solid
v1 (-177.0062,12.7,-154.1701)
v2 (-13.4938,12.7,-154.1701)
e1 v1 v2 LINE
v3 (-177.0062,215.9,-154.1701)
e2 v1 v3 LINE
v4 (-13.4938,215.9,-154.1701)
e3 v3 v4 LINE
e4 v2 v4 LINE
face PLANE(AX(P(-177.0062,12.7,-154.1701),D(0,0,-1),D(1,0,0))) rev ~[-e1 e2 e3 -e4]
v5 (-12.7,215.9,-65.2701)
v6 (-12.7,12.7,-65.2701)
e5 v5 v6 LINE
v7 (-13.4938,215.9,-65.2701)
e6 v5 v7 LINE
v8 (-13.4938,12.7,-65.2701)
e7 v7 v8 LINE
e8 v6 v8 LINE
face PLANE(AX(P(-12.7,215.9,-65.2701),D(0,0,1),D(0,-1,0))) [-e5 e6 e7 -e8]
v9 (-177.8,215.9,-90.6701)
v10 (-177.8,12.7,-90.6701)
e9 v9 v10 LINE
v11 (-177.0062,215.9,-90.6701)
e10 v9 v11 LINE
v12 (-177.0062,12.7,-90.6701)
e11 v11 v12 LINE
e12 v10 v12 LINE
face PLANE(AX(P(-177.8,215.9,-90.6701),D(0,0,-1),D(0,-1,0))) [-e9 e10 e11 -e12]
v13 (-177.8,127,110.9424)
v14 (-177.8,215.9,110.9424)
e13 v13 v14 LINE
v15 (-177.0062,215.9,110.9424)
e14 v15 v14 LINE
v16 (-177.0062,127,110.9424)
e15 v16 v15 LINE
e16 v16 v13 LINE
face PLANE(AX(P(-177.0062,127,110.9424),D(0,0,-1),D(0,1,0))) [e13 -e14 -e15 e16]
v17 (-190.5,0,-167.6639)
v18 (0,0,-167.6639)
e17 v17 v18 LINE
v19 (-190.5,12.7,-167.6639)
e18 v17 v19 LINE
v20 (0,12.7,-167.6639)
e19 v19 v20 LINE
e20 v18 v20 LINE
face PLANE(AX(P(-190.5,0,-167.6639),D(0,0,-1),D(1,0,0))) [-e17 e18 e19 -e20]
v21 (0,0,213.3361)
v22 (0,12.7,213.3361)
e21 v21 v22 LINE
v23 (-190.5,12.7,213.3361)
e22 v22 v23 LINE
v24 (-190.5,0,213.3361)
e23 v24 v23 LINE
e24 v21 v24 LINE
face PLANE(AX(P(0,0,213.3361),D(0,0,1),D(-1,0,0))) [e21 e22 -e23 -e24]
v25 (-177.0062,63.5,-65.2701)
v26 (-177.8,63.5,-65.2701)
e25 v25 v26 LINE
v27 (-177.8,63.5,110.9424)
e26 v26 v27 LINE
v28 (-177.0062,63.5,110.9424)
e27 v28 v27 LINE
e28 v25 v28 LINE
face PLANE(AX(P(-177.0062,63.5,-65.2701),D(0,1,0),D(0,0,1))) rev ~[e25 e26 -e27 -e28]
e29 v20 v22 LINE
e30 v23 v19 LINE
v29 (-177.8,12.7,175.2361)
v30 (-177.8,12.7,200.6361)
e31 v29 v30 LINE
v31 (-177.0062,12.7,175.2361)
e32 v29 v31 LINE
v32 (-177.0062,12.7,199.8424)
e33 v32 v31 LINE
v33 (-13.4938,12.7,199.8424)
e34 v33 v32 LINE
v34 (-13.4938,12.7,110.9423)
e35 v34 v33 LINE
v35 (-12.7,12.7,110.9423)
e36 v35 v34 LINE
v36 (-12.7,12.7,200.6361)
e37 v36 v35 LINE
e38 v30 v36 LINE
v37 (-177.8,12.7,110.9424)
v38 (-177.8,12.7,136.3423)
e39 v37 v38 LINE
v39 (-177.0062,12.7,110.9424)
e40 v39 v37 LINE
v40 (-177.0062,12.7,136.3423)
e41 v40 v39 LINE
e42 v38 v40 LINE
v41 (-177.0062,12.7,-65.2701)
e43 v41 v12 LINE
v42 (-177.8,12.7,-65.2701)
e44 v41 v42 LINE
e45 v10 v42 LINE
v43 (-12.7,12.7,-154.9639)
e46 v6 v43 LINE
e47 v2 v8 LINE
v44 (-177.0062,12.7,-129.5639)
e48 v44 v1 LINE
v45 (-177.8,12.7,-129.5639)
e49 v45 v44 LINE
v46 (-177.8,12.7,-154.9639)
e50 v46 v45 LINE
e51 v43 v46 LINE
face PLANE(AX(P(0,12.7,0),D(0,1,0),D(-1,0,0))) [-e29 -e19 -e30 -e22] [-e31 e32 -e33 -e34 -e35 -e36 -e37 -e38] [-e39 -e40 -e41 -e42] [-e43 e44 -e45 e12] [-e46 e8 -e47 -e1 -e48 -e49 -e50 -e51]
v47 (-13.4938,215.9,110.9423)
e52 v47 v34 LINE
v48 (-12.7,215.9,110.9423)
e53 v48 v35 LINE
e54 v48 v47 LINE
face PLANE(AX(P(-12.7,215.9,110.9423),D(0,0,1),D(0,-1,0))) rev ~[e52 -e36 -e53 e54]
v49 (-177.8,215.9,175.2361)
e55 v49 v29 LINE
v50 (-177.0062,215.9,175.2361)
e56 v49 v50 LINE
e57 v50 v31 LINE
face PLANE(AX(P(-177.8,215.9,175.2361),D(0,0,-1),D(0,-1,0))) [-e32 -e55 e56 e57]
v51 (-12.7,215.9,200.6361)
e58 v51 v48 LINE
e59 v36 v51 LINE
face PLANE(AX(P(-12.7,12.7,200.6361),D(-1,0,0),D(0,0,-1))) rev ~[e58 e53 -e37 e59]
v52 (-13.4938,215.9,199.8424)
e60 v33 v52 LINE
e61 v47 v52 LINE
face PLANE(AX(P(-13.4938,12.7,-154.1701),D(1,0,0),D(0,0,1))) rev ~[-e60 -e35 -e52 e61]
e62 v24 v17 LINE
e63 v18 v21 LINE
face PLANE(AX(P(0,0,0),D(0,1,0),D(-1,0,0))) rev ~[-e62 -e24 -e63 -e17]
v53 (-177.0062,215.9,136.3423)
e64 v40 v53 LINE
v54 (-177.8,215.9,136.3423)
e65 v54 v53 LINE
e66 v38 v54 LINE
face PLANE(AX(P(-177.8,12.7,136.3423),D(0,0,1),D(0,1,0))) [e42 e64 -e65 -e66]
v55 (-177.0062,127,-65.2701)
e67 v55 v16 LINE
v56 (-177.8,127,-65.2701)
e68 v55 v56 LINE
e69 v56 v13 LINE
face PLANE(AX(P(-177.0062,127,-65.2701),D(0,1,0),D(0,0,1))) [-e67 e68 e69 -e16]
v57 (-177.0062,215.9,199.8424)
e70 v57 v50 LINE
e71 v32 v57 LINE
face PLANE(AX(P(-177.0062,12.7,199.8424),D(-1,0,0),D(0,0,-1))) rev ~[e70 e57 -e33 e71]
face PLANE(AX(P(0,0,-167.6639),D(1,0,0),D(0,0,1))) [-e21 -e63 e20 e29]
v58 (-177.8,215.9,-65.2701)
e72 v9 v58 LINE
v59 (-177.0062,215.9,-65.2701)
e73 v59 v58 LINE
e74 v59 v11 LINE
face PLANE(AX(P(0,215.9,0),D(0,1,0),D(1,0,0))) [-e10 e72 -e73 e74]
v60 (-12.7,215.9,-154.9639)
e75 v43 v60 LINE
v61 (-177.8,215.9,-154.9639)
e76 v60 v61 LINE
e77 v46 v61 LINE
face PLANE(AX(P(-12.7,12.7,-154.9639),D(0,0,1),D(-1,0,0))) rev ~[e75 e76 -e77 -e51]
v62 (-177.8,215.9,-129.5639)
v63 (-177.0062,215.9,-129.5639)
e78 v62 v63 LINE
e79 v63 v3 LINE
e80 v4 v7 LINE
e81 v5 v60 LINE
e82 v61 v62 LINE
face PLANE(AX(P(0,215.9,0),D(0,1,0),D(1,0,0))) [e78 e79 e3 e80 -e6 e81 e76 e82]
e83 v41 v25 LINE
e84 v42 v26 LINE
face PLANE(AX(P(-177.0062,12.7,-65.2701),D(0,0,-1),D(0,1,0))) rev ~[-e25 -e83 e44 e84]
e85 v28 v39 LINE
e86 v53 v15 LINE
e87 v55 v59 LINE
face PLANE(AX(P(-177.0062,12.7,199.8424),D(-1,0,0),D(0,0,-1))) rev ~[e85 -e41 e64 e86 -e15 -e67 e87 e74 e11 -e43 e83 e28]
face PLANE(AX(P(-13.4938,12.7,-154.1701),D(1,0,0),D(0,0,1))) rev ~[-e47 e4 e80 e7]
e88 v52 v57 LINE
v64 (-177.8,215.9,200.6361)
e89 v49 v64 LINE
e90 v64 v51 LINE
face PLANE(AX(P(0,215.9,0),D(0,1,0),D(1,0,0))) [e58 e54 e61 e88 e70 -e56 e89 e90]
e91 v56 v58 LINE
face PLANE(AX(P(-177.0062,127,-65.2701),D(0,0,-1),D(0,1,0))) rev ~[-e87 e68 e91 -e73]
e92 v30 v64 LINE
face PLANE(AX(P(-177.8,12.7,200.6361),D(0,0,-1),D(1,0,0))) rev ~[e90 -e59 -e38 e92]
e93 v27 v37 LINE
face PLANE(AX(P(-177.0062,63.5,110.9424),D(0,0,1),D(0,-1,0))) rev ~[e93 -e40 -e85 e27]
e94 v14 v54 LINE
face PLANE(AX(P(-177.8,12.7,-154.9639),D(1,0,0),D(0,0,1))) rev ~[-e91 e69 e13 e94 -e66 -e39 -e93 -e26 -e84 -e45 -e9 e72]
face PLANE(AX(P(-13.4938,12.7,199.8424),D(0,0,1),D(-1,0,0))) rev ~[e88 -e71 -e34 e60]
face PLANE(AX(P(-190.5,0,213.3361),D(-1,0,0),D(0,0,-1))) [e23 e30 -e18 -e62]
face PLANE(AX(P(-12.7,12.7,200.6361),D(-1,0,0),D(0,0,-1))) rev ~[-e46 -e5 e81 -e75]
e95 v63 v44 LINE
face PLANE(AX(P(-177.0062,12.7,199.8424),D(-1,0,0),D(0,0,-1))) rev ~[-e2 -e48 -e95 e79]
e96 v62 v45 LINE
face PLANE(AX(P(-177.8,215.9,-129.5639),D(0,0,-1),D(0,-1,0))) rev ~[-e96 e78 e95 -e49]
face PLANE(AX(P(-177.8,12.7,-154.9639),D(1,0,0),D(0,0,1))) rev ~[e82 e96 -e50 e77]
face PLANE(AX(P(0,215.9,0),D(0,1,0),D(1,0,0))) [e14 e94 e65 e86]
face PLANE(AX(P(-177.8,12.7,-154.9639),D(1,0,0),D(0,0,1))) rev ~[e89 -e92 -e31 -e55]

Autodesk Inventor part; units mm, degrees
ref_plane "YZ Plane" through (0, 0, 0) normal (1, 0, 0) x (0, 1, 0)
ref_plane "XZ Plane" through (0, 0, 0) normal (0, 1, 0) x (-1, 0, 0)
ref_plane "XY Plane" through (0, 0, 0) normal (0, 0, 1) x (1, 0, 0)
sketch "Sketch1" plane through (0, 0, 0) normal (0, 1, 0) x (-1, 0, 0)
  line L0 (0, 213.3361) -> (190.5, 213.3361)
  line L1 (190.5, 213.3361) -> (190.5, -167.6639)
  line L2 (190.5, -167.6639) -> (0, -167.6639)
  line L3 (0, -167.6639) -> (0, 213.3361)
  point P0 (0, 0)
  dimension "d0" = 190.5
  dimension "d1" = 381
extrude "Extrusion1" add sketch "Sketch1" along normal blind 12.7
sketch "Sketch2" plane through (0, 12.7, 0) normal (0, 1, 0) x (1, 0, 0)
  line L0 (0, -213.3361) -> (-190.5, -213.3361)
  line L1 (-190.5, -213.3361) -> (-190.5, 167.6639)
  line L2 (-190.5, 167.6639) -> (0, 167.6639)
  line L3 (0, 167.6639) -> (0, -213.3361)
  line L4 (-177.8, 154.9639) -> (-177.8, -200.6361)
  line L5 (-177.8, -200.6361) -> (-12.7, -200.6361)
  line L6 (-12.7, -200.6361) -> (-12.7, 154.9639)
  line L7 (-12.7, 154.9639) -> (-177.8, 154.9639)
  line L8 (-177.0062, -199.8424) -> (-177.0062, 154.1701)
  line L9 (-177.0062, 154.1701) -> (-13.4938, 154.1701)
  line L10 (-13.4938, 154.1701) -> (-13.4938, -199.8424)
  line L11 (-13.4938, -199.8424) -> (-177.0062, -199.8424)
  point P0 (0, 0)
  dimension "d4" = 12.7
  dimension "d5" = 0.7937
extrude "Extrusion2" add sketch "Sketch2" along normal blind 203.2 contours L7 L6 L5 L4
sketch "Sketch3" plane through (-12.7, 12.7, 200.6361) normal (1, 0, 0) x (0, 0, -1)
  line L0 (354.8062, 203.2) -> (265.9062, 203.2)
  line L1 (265.9062, 203.2) -> (265.9062, 0)
  line L2 (265.9062, 0) -> (354.8062, 0)
  line L3 (354.8062, 0) -> (354.8062, 203.2)
  line L4 (354.8062, 0) -> (0.7938, 0) projected
  line L5 (0.7938, 203.2) -> (89.6938, 203.2)
  line L6 (89.6938, 203.2) -> (89.6938, 0)
  line L7 (89.6938, 0) -> (0.7938, 0)
  line L8 (0.7938, 0) -> (0.7938, 203.2)
  line L9 (89.6938, 203.2) -> (265.9062, 203.2)
  line L10 (265.9062, 203.2) -> (265.9062, 0)
  line L11 (265.9062, 0) -> (89.6938, 0)
  line L12 (89.6938, 0) -> (89.6938, 203.2)
  point P0 (200.6361, -12.7)
  point P1 (0, 203.2)
  dimension "d9" = 88.9
  dimension "d10" = 88.9
extrude "Extrusion3" cut sketch "Sketch3" against normal blind 50.8 contours L1 L4 L6 L9
sketch "Sketch4" plane through (-177.0062, 12.7, 199.8424) normal (1, 0, 0) x (0, 0, -1)
  line L0 (265.1125, 0) -> (265.1125, 203.2) projected
  line L1 (88.9, 0) -> (265.1125, 0)
  line L2 (265.1125, 0) -> (265.1125, 50.8)
  line L3 (265.1125, 50.8) -> (88.9, 50.8)
  line L4 (88.9, 50.8) -> (88.9, 0)
  line L5 (88.9, 203.2) -> (265.1125, 203.2)
  line L6 (265.1125, 203.2) -> (265.1125, 114.3)
  line L7 (265.1125, 114.3) -> (88.9, 114.3)
  line L8 (88.9, 114.3) -> (88.9, 203.2)
  point P0 (199.8424, -12.7)
  dimension "d13" = 50.8
  dimension "d14" = 88.9
extrude "Extrusion4" cut sketch "Sketch4" against normal blind 50.8
sketch "Sketch5" plane through (-177.8, 12.7, 200.6361) normal (-1, 0, 0) x (0, 0, 1)
  line L0 (-265.9062, 114.3) -> (-265.9062, 203.2) projected
  line L1 (-355.6, 0) -> (-355.6, 203.2) projected
  line L2 (-368.3, 0) -> (12.7, 0) projected
  line L3 (-355.6, 203.2) -> (-330.2, 203.2)
  line L4 (-330.2, 203.2) -> (-330.2, 0)
  line L5 (-330.2, 0) -> (-355.6, 0)
  line L6 (-355.6, 0) -> (-355.6, 203.2)
  line L7 (-265.9062, 203.2) -> (-291.3062, 203.2)
  line L8 (-291.3062, 203.2) -> (-291.3062, 0)
  line L9 (-291.3062, 0) -> (-265.9062, 0)
  line L10 (-265.9062, 0) -> (-265.9062, 203.2)
  line L11 (-330.2, 203.2) -> (-291.3062, 203.2)
  line L12 (-291.3062, 203.2) -> (-291.3062, 0)
  line L13 (-291.3062, 0) -> (-330.2, 0)
  line L14 (-330.2, 0) -> (-330.2, 203.2)
  point P0 (-200.6361, -12.7)
  dimension "d17" = 89.6937
  dimension "d18" = 25.4
  dimension "d19" = 25.4
extrude "Extrusion5" cut sketch "Sketch5" against normal blind 25.4 contours L8 L2 L4 L11
sketch "Sketch6" plane through (-177.8, 12.7, 200.6361) normal (-1, 0, 0) x (0, 0, 1)
  line L0 (-89.6938, 114.3) -> (-265.9062, 114.3) projected
  line L1 (0, 0) -> (-89.6938, 0) projected
  line L2 (0, 203.2) -> (-25.4, 203.2)
  line L3 (-25.4, 203.2) -> (-25.4, 0)
  line L4 (-25.4, 0) -> (0, 0)
  line L5 (0, 0) -> (0, 203.2)
  line L6 (-89.6938, 203.2) -> (0, 203.2) projected
  line L7 (-89.6938, 0) -> (-64.2938, 0)
  line L8 (-64.2938, 0) -> (-64.2938, 203.2)
  line L9 (-64.2938, 203.2) -> (-89.6938, 203.2)
  line L10 (-89.6938, 203.2) -> (-89.6938, 0)
  line L11 (-64.2938, 203.2) -> (-25.4, 203.2)
  line L12 (-25.4, 203.2) -> (-25.4, 0)
  line L13 (-25.4, 0) -> (-64.2938, 0)
  line L14 (-64.2938, 0) -> (-64.2938, 203.2)
  line L15 (-64.2938, 203.2) -> (-25.4, 203.2)
  line L16 (-25.4, 203.2) -> (-25.4, 0)
  line L17 (-25.4, 0) -> (-64.2938, 0)
  line L18 (-64.2938, 0) -> (-64.2938, 203.2)
  point P0 (-200.6361, -12.7)
  dimension "d22" = 25.4
  dimension "d23" = 25.4
extrude "Extrusion6" cut sketch "Sketch6" against normal blind 25.4 contours L1 L8 L6 L3
properties part number "soccer_goal.ipj"
